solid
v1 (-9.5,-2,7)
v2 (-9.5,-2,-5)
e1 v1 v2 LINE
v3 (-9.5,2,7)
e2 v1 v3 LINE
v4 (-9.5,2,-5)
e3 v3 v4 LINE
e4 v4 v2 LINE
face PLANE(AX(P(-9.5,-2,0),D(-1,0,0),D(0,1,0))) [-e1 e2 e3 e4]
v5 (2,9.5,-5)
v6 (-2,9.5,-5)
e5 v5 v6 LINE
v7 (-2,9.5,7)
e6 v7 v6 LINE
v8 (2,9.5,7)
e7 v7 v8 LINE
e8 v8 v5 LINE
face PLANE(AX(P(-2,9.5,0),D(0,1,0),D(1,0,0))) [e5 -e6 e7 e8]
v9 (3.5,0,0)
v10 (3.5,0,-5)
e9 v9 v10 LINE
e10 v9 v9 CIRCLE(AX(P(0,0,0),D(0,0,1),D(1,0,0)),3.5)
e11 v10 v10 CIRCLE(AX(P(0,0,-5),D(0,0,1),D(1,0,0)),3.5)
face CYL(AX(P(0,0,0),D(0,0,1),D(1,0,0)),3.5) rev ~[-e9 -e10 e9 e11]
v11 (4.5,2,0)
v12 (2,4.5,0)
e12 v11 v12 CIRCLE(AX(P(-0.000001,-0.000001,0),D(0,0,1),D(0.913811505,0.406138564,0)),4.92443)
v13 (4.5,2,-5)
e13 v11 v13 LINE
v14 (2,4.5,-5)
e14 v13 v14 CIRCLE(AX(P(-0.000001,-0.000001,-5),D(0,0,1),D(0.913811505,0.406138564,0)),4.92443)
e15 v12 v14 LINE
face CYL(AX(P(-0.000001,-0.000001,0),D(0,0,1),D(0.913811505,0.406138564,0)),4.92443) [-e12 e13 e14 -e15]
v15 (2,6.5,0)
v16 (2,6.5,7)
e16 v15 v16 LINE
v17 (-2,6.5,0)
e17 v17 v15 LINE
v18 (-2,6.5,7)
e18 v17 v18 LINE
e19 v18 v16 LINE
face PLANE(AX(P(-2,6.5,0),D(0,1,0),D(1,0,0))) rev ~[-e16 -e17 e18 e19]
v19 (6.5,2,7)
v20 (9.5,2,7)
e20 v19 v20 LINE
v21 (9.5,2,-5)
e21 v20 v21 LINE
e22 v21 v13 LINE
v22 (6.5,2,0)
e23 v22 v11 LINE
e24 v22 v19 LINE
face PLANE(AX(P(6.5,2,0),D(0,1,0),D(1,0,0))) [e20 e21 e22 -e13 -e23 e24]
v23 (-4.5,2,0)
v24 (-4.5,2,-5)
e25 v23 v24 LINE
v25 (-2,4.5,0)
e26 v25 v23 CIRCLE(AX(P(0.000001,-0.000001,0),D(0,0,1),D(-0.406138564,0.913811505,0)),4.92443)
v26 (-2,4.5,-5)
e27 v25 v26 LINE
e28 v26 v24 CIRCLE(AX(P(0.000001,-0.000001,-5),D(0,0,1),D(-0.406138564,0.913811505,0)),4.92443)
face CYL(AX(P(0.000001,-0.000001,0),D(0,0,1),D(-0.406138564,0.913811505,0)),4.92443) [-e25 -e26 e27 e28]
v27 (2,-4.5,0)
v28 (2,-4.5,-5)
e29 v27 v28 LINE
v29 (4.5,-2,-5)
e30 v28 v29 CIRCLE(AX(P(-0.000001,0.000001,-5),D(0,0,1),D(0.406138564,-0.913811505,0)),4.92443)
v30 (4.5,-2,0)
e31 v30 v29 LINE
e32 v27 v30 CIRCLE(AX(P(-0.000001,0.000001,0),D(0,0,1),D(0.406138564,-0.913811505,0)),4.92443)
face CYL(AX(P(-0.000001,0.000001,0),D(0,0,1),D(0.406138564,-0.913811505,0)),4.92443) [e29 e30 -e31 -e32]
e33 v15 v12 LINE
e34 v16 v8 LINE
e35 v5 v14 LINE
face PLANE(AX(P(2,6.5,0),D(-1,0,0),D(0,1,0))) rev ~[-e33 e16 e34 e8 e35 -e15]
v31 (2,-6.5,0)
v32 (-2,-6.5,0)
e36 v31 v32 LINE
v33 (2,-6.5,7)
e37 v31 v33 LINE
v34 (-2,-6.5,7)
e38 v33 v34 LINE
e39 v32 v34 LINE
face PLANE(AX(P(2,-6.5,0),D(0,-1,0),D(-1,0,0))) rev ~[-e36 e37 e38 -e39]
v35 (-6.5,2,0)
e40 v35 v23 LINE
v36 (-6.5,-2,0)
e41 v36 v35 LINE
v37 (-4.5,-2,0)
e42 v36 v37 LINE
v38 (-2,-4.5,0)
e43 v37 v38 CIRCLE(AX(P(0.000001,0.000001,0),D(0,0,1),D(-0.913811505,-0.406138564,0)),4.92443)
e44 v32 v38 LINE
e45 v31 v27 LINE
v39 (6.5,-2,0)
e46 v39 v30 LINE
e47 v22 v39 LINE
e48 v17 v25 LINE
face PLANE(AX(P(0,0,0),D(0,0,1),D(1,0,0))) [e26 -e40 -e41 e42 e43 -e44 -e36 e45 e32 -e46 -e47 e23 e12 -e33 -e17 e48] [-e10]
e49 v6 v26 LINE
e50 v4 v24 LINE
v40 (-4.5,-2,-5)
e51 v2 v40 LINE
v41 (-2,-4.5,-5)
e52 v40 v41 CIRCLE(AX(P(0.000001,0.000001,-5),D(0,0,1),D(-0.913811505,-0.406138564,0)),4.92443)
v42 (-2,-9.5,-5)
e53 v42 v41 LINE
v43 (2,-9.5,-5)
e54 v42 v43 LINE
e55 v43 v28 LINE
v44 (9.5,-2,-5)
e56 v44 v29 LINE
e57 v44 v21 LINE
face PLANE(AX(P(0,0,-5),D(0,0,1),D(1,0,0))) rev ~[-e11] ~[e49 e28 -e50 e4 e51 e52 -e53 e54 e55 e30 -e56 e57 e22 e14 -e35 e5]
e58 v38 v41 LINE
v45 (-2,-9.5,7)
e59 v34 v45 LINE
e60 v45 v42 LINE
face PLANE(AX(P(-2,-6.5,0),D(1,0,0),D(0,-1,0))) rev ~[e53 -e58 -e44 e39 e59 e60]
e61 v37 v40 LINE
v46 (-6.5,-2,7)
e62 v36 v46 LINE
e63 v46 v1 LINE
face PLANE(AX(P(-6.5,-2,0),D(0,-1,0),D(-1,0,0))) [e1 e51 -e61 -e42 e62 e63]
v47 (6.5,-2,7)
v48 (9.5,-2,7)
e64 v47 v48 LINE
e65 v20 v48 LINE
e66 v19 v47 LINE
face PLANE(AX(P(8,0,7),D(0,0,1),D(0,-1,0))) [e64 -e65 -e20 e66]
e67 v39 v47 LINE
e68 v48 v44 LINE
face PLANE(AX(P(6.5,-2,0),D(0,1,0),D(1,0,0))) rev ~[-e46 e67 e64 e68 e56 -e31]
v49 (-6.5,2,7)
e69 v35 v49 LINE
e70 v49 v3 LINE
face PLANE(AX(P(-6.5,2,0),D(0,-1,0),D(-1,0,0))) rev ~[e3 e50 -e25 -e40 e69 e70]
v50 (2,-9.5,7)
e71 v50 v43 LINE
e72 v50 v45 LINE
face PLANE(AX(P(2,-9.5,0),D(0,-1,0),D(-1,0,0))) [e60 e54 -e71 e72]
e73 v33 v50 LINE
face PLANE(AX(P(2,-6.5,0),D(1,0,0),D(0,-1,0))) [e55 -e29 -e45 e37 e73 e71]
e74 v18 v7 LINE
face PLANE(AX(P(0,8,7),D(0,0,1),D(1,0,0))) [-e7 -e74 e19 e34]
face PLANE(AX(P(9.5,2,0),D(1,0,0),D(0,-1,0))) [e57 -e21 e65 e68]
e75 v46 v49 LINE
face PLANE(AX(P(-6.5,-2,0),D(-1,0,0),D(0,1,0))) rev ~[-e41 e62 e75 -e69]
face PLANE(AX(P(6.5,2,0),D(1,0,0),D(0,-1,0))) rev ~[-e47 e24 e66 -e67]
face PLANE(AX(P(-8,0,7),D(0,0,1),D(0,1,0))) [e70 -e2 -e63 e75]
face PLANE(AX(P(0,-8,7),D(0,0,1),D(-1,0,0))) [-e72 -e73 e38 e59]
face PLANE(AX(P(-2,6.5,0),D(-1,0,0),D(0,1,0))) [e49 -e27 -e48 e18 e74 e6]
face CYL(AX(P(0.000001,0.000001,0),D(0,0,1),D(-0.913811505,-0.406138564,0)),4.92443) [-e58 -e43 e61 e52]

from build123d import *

# Parameters (mm, degrees)
SKETCH_R           = 3.5
PAD_DEPTH          = 5
SKETCH001_W        = 4
SKETCH001_H        = 3
PAD001_DEPTH       = 7
POLARPATTERN_COUNT = 4


with BuildPart() as part:
    # Sketch → Pad (new body)
    with BuildSketch(Plane.XY):
        with BuildLine():
            Line((-9.5, 2), (-9.5, -2))
            Line((-9.5, -2), (-4.5, -2))
            ThreePointArc((-4.5, -2), (-3.482097, -3.482097), (-2, -4.5))
            Line((-2, -9.5), (-2, -4.5))
            Line((-2, -9.5), (2, -9.5))
            Line((2, -9.5), (2, -4.5))
            ThreePointArc((2, -4.5), (3.482097, -3.482097), (4.5, -2))
            Line((9.5, -2), (4.5, -2))
            Line((9.5, -2), (9.5, 2))
            Line((9.5, 2), (4.5, 2))
            ThreePointArc((4.5, 2), (3.482097, 3.482097), (2, 4.5))
            Line((2, 9.5), (2, 4.5))
            Line((2, 9.5), (-2, 9.5))
            Line((-2, 9.5), (-2, 4.5))
            ThreePointArc((-2, 4.5), (-3.482097, 3.482097), (-4.5, 2))
            Line((-9.5, 2), (-4.5, 2))
        make_face()
        Circle(SKETCH_R, mode=Mode.SUBTRACT)
    extrude(amount=-PAD_DEPTH)

    # Sketch001 → Pad001 (join)
    with BuildSketch(Plane.XY):
        with Locations((0, 8)):
            Rectangle(SKETCH001_W, SKETCH001_H)
    pad001 = extrude(amount=PAD001_DEPTH)

    # PolarPattern: Pad001 ×4 about axis
    polarpattern_axis = Axis((0, 0, 0), (0, 0, 1))
    for i in range(1, POLARPATTERN_COUNT):
        add(pad001.rotate(polarpattern_axis, i * 360 / POLARPATTERN_COUNT))


solid = part.part
